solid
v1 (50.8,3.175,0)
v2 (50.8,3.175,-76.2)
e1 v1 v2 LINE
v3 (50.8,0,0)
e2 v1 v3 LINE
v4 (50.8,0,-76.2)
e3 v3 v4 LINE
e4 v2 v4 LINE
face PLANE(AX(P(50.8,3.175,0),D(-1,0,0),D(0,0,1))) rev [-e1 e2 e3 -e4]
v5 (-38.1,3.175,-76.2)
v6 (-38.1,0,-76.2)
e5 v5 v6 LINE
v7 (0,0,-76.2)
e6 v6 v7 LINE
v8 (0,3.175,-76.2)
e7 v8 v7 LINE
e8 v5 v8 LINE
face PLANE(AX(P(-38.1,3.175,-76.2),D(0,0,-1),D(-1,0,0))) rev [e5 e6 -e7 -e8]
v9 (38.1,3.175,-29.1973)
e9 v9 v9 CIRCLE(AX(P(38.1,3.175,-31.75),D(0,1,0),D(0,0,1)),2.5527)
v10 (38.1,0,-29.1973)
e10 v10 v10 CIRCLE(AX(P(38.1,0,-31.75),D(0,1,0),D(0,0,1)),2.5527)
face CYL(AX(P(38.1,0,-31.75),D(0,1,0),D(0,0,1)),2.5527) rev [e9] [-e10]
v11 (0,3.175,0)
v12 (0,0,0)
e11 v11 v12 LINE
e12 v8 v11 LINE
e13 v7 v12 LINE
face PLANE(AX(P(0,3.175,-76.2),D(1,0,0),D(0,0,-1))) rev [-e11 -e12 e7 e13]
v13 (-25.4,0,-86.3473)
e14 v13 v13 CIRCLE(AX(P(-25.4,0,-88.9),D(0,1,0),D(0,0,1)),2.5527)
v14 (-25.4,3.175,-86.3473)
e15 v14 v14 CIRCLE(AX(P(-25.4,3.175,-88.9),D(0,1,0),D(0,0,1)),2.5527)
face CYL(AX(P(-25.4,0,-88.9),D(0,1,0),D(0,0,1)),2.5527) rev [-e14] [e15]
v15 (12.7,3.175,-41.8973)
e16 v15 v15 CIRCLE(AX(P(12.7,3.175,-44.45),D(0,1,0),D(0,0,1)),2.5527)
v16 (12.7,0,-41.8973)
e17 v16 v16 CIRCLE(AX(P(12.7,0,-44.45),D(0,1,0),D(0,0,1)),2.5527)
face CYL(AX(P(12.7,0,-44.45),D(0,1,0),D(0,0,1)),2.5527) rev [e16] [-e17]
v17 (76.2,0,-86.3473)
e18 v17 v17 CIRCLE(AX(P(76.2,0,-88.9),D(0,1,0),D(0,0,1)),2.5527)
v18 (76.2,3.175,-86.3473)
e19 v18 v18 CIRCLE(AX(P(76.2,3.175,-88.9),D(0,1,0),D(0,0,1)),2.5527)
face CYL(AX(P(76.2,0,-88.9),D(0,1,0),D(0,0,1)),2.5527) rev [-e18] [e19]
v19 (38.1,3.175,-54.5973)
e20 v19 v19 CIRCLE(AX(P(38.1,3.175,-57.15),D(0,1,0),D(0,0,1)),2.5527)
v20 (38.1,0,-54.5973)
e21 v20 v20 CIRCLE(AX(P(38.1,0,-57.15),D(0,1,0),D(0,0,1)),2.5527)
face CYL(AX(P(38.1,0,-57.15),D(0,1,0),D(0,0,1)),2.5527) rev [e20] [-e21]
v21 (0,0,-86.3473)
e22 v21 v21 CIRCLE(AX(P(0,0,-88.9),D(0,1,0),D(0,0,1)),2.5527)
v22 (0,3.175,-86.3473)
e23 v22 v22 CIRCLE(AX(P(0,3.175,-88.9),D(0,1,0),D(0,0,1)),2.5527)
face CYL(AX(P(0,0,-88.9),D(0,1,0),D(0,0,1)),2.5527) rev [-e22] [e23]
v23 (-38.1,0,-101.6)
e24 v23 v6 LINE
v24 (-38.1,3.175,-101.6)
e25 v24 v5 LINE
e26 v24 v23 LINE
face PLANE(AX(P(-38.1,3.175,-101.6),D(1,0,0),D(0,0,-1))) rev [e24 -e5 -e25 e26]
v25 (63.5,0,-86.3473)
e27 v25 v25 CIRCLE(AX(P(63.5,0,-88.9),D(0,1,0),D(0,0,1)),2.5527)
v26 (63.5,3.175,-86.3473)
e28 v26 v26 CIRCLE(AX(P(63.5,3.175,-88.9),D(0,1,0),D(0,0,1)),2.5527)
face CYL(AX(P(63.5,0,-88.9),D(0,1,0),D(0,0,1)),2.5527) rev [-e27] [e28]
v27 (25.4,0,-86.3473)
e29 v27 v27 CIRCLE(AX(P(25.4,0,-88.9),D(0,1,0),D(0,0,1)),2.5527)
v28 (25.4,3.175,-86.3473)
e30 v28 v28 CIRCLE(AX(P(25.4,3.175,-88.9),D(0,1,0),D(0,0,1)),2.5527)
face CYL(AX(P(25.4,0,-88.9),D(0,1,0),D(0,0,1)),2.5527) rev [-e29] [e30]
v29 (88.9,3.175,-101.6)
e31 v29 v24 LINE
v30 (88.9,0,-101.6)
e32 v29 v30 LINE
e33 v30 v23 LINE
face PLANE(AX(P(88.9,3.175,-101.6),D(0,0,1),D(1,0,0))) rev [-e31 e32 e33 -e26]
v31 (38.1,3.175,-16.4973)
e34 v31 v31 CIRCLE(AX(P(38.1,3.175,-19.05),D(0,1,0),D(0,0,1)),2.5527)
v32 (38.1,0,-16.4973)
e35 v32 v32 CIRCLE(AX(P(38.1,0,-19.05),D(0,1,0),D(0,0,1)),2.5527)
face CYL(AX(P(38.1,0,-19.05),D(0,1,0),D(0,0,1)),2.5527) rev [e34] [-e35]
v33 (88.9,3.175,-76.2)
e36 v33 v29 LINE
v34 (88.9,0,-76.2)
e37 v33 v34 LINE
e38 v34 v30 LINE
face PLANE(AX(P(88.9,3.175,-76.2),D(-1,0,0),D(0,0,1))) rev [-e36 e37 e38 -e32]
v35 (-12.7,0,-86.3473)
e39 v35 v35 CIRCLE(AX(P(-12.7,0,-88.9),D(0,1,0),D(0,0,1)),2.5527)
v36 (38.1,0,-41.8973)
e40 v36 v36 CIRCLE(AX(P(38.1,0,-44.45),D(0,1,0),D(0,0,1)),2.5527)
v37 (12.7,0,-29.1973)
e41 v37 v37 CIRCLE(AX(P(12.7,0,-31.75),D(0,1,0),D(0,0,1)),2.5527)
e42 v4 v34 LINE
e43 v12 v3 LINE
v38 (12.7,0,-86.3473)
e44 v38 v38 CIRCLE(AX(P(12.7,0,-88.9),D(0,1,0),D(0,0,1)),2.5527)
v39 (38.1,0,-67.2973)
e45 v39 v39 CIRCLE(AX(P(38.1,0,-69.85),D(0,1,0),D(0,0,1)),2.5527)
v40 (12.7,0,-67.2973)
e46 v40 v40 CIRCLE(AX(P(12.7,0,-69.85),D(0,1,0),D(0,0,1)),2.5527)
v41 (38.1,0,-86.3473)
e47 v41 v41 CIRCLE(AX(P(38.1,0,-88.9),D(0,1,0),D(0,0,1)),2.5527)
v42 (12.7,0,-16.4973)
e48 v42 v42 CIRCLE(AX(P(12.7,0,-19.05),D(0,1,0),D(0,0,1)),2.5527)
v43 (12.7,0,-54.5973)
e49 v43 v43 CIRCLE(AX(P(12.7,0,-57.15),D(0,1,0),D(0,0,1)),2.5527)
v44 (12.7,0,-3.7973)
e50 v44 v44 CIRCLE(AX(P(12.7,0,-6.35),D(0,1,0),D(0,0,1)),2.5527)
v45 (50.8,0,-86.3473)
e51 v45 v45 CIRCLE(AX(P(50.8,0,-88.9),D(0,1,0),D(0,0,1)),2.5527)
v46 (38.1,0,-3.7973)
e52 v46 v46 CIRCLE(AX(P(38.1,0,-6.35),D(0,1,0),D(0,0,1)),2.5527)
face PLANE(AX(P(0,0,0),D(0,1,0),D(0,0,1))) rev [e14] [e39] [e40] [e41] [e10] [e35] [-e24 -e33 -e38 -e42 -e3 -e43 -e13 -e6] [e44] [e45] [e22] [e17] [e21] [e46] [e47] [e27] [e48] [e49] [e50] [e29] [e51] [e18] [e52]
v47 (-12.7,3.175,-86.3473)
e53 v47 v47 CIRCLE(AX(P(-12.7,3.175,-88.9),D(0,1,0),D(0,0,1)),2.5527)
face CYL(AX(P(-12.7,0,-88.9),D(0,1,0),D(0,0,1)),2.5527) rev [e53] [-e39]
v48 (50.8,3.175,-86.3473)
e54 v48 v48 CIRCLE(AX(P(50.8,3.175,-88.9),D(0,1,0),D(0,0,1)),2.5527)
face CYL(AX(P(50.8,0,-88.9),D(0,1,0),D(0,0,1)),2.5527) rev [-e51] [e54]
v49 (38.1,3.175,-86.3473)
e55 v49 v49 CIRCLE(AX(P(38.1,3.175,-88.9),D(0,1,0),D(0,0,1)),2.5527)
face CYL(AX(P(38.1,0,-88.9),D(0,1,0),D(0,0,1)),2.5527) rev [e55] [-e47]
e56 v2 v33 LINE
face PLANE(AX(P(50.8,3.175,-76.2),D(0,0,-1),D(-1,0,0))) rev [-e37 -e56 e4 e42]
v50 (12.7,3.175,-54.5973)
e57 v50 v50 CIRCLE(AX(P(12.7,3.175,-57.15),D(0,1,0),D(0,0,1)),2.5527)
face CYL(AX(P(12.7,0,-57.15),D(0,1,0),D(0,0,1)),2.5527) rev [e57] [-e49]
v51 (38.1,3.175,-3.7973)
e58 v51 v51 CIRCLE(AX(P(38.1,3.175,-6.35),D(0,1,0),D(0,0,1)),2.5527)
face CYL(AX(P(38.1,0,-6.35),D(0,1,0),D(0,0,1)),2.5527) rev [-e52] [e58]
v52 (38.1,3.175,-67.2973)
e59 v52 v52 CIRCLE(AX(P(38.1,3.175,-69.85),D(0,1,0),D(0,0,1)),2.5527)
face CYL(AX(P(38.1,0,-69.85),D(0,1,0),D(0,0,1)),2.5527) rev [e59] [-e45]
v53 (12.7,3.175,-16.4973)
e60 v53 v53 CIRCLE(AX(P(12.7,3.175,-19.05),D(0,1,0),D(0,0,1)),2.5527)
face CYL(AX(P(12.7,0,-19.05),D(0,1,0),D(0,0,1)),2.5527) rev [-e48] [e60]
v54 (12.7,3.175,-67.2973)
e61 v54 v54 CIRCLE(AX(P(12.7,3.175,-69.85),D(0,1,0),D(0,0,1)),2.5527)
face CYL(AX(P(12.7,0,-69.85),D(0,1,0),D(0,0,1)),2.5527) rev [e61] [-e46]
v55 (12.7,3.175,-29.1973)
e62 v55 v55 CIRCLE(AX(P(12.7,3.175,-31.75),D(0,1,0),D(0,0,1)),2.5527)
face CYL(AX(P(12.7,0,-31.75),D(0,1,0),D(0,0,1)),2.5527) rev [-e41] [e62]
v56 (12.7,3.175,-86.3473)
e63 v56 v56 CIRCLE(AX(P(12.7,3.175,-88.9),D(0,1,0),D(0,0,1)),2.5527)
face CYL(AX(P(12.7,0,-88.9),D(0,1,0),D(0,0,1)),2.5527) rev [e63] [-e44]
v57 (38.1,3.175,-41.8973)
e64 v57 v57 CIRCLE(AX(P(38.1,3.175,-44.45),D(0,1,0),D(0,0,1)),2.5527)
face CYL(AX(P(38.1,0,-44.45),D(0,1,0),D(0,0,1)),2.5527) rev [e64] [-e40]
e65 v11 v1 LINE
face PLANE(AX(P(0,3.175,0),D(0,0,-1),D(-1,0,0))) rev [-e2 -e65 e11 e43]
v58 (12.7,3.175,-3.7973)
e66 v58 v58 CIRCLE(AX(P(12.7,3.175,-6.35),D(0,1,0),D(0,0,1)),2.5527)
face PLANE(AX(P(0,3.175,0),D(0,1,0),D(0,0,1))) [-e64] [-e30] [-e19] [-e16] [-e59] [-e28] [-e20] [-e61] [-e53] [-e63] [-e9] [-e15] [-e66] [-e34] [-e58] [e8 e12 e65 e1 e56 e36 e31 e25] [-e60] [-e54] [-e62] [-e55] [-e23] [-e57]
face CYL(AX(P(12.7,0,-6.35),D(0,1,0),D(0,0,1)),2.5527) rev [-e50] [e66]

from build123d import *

# Parameters (mm, degrees)
BOSS_EXTRUDE1_DEPTH = 3.175
SKETCH2_R           = 2.5527
CUT_EXTRUDE1_DEPTH  = 136.04018152
SKETCH3_R           = 2.5527
CUT_EXTRUDE2_DEPTH  = 136.04018152


with BuildPart() as part:
    # Sketch1 → Boss-Extrude1 (new body)
    with BuildSketch(Plane(origin=(0, 0, 0), x_dir=(1, 0, 0), z_dir=(0, 1, 0))):
        Polygon((0, 0), (50.8, 0), (50.8, 76.2), (88.9, 76.2), (88.9, 101.6), (-38.1, 101.6), (-38.1, 76.2), (0, 76.2), align=None)
    extrude(amount=BOSS_EXTRUDE1_DEPTH)

    # Sketch2 → Cut-Extrude1 (cut, through all)
    with BuildSketch(Plane(origin=(0, 3.175, 0), x_dir=(1, 0, 0), z_dir=(0, 1, 0))):
        with Locations(Location((38.1, 6.35, 0), (0, 0, 270))):
            Circle(SKETCH2_R)
        with Locations(Location((12.7, 6.35, 0), (0, 0, 270))):
            Circle(SKETCH2_R)
        with Locations(Location((38.1, 19.05, 0), (0, 0, 270))):
            Circle(SKETCH2_R)
        with Locations(Location((12.7, 19.05, 0), (0, 0, 270))):
            Circle(SKETCH2_R)
        with Locations(Location((38.1, 31.75, 0), (0, 0, 270))):
            Circle(SKETCH2_R)
        with Locations(Location((12.7, 31.75, 0), (0, 0, 270))):
            Circle(SKETCH2_R)
        with Locations(Location((38.1, 44.45, 0), (0, 0, 270))):
            Circle(SKETCH2_R)
        with Locations(Location((12.7, 44.45, 0), (0, 0, 270))):
            Circle(SKETCH2_R)
        with Locations(Location((38.1, 57.15, 0), (0, 0, 270))):
            Circle(SKETCH2_R)
        with Locations(Location((12.7, 57.15, 0), (0, 0, 270))):
            Circle(SKETCH2_R)
        with Locations(Location((38.1, 69.85, 0), (0, 0, 270))):
            Circle(SKETCH2_R)
        with Locations(Location((12.7, 69.85, 0), (0, 0, 270))):
            Circle(SKETCH2_R)
    extrude(amount=-CUT_EXTRUDE1_DEPTH, mode=Mode.SUBTRACT)

    # Sketch3 → Cut-Extrude2 (cut, through all)
    with BuildSketch(Plane(origin=(0, 3.175, 0), x_dir=(1, 0, 0), z_dir=(0, 1, 0))):
        with Locations(Location((76.2, 88.9, 0), (0, 0, 270))):
            Circle(SKETCH3_R)
        with Locations(Location((63.5, 88.9, 0), (0, 0, 270))):
            Circle(SKETCH3_R)
        with Locations(Location((50.8, 88.9, 0), (0, 0, 270))):
            Circle(SKETCH3_R)
        with Locations(Location((38.1, 88.9, 0), (0, 0, 270))):
            Circle(SKETCH3_R)
        with Locations(Location((25.4, 88.9, 0), (0, 0, 270))):
            Circle(SKETCH3_R)
        with Locations(Location((12.7, 88.9, 0), (0, 0, 270))):
            Circle(SKETCH3_R)
        with Locations(Location((0, 88.9, 0), (0, 0, 270))):
            Circle(SKETCH3_R)
        with Locations(Location((-12.7, 88.9, 0), (0, 0, 270))):
            Circle(SKETCH3_R)
        with Locations(Location((-25.4, 88.9, 0), (0, 0, 270))):
            Circle(SKETCH3_R)
    extrude(amount=-CUT_EXTRUDE2_DEPTH, mode=Mode.SUBTRACT)


solid = part.part
